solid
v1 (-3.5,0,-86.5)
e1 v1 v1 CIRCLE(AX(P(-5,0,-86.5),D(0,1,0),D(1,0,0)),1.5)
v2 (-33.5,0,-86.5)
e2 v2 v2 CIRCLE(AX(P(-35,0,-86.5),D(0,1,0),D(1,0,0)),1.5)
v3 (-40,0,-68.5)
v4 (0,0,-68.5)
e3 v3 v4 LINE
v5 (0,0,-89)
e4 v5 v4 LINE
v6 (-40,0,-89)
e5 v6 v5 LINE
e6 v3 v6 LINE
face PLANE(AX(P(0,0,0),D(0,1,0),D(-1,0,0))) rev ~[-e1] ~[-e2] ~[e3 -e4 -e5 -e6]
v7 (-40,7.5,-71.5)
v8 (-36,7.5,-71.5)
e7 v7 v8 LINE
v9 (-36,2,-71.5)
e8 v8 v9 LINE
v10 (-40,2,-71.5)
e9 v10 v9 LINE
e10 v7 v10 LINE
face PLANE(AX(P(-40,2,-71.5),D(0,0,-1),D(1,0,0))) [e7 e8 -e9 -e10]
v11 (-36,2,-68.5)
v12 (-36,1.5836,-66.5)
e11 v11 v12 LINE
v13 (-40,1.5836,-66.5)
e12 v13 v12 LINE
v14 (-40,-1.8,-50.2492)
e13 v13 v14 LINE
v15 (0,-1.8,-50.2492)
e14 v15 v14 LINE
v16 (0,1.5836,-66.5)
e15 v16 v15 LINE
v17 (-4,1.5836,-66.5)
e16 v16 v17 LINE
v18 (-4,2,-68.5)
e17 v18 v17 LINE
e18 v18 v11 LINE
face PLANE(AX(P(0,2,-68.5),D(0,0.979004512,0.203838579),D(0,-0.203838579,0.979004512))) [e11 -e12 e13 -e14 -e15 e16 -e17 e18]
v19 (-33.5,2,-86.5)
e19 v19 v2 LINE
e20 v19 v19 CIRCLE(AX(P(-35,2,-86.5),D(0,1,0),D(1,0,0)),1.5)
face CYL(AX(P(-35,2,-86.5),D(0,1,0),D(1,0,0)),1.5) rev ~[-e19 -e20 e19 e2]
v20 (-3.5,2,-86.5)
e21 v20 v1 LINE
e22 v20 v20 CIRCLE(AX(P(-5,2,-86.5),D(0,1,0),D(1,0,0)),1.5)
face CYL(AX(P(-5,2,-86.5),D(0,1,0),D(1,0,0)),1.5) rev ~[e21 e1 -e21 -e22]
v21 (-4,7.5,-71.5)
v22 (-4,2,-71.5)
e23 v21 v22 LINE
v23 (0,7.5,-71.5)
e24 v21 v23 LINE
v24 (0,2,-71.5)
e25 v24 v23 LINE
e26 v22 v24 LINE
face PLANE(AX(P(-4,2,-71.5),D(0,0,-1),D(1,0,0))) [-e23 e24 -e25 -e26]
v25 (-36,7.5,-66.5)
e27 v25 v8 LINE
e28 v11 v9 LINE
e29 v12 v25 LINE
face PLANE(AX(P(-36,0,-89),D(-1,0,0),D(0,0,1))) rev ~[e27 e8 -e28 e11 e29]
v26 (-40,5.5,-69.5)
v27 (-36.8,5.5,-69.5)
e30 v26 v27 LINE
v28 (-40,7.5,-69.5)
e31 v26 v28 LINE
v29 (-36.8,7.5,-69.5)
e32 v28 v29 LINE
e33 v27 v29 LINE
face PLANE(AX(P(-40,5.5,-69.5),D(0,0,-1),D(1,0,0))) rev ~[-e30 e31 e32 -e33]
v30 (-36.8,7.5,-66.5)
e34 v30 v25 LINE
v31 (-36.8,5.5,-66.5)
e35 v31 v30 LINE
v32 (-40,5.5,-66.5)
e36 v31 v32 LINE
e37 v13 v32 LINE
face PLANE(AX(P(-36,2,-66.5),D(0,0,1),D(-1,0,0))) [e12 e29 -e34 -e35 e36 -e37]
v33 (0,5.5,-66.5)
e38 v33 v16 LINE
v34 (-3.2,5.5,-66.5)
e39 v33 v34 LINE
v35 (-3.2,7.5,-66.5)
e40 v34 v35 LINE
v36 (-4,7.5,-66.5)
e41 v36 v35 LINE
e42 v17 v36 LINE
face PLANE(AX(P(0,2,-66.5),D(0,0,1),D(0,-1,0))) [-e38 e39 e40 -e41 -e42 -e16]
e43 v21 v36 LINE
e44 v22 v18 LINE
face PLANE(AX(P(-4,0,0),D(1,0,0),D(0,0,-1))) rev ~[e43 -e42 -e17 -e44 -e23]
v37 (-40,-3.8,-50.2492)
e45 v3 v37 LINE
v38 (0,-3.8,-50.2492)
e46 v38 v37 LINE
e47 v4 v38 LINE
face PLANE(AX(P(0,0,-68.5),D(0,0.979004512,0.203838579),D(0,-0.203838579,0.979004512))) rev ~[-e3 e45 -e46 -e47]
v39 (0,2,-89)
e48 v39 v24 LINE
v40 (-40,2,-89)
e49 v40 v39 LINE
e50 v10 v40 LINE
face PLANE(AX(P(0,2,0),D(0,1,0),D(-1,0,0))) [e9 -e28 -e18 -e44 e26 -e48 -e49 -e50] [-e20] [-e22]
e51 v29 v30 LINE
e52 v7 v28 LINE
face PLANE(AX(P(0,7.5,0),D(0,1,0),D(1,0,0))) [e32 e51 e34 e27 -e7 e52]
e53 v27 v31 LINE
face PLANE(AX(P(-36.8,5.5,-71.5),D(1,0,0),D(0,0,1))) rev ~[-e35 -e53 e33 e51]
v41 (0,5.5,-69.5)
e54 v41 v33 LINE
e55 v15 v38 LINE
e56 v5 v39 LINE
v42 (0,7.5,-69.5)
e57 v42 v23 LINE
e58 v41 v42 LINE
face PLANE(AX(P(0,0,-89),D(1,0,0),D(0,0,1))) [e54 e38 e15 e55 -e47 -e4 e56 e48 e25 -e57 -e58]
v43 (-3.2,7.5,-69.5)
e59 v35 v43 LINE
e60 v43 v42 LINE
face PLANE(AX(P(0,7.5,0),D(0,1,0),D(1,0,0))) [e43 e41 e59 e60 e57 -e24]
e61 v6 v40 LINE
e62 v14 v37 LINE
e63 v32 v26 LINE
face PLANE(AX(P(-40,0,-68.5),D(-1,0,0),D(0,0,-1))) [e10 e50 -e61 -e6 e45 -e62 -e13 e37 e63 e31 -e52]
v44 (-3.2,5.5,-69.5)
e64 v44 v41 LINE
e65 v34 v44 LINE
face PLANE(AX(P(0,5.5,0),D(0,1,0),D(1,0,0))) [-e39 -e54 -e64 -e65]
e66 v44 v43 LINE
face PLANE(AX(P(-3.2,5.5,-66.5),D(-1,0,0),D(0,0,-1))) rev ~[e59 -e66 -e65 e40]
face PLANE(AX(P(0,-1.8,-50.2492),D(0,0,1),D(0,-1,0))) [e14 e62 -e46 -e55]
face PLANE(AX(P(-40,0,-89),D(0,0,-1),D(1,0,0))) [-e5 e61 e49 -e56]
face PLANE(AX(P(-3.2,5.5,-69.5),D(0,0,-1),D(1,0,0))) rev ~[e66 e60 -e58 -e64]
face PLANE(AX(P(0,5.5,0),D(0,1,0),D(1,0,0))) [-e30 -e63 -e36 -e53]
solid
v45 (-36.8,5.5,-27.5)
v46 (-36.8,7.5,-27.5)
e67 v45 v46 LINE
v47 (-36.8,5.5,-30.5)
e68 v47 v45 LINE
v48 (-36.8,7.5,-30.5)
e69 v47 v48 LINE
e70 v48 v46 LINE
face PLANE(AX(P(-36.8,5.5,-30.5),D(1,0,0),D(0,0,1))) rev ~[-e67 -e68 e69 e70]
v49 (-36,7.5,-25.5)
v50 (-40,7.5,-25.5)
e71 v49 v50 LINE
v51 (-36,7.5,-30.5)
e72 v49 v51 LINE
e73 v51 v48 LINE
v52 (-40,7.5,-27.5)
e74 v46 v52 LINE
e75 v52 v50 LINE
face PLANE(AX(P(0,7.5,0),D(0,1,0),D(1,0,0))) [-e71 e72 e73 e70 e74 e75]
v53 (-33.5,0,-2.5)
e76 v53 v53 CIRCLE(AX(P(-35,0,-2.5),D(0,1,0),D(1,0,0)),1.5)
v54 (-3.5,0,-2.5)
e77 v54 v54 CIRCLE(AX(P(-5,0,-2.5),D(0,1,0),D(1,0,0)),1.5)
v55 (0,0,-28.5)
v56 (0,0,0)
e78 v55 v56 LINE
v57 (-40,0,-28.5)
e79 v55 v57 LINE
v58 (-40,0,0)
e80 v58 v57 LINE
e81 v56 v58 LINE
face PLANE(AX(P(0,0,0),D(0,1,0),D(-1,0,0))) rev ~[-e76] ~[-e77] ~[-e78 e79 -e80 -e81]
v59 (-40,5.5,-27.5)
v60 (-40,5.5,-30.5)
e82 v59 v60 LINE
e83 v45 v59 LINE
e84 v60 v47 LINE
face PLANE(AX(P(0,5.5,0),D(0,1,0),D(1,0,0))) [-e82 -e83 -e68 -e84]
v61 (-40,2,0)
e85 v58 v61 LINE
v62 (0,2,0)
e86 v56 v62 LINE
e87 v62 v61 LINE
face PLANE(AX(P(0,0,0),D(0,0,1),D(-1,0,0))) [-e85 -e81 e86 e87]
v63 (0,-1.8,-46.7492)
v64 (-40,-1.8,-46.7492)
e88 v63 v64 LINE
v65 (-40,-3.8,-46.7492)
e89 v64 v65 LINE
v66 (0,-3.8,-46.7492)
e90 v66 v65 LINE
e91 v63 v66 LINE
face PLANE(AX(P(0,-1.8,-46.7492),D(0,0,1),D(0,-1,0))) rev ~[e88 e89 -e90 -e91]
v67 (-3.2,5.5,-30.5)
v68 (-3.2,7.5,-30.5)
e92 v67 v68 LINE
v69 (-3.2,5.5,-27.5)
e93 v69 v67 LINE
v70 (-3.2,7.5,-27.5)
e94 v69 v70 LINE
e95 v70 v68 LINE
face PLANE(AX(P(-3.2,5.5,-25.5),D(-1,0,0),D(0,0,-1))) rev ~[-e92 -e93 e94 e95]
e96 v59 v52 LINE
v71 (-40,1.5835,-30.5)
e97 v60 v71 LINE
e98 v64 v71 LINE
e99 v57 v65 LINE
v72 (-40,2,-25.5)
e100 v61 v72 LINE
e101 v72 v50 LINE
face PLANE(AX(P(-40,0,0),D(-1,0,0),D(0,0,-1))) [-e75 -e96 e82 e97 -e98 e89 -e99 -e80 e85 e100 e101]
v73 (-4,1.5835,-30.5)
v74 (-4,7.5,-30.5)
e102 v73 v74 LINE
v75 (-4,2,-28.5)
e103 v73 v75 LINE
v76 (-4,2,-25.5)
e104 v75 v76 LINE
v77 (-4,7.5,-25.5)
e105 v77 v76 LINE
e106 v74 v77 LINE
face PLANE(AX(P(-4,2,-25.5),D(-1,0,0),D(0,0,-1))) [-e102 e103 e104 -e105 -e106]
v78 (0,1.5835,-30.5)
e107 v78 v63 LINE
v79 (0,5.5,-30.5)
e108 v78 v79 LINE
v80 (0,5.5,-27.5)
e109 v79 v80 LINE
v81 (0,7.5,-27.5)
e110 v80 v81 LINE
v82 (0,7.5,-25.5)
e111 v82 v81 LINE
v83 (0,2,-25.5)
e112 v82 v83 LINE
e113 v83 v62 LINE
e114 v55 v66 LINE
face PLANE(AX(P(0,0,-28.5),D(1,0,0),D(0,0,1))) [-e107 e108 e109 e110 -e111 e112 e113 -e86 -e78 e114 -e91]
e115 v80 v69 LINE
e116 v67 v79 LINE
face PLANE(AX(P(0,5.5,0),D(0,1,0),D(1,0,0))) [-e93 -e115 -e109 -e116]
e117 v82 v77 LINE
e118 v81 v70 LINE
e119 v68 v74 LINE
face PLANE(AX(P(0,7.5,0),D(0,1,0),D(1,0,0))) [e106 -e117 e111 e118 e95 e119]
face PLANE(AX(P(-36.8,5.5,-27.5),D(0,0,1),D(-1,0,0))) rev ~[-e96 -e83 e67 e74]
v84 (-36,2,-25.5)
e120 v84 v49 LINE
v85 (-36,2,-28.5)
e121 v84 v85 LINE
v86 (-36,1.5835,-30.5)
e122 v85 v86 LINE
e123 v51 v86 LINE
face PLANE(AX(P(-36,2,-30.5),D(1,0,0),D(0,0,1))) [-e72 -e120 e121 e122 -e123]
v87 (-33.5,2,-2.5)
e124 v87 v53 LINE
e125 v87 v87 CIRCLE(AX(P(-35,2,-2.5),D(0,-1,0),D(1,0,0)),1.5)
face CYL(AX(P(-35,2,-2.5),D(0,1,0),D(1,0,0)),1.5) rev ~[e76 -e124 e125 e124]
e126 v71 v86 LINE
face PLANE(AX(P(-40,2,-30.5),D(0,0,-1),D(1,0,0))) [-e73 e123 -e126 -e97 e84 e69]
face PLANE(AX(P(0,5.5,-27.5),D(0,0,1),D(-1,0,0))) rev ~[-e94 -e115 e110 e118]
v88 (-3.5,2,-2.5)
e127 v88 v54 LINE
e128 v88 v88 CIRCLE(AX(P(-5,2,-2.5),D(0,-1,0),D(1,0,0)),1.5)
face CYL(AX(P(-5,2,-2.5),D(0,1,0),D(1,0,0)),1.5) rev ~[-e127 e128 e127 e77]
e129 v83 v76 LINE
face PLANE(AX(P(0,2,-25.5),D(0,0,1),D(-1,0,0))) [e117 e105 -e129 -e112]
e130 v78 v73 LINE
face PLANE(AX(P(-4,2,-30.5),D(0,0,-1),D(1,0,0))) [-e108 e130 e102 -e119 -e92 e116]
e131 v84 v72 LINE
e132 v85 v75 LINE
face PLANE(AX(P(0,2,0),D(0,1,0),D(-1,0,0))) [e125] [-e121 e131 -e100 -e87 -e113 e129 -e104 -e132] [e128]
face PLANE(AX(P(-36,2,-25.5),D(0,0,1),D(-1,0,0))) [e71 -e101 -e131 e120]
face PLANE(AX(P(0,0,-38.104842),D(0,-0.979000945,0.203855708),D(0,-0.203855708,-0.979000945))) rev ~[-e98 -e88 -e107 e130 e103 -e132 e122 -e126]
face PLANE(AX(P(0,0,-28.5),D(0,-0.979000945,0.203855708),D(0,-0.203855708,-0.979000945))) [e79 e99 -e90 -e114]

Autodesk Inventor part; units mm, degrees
ref_plane "YZ Plane" through (0, 0, 0) normal (1, 0, 0) x (0, 1, 0)
ref_plane "XZ Plane" through (0, 0, 0) normal (0, 1, 0) x (-1, 0, 0)
ref_plane "XY Plane" through (0, 0, 0) normal (0, 0, 1) x (1, 0, 0)
sketch "Szkic1" plane through (0, 0, 0) normal (0, 1, 0) x (-1, 0, 0)
  line L0 (0, 0) -> (40, 0)
  line L1 (40, 0) -> (40, -28.5)
  line L2 (40, -28.5) -> (0, -28.5)
  line L3 (0, -28.5) -> (0, 0)
  line L4 (0, -68.5) -> (40, -68.5)
  line L5 (40, -68.5) -> (40, -89)
  line L6 (40, -89) -> (0, -89)
  line L7 (0, -89) -> (0, -68.5)
  line L8 (22.9187, -28.5) -> (22.9187, -68.5)
  dimension "d0" = 40
  dimension "d1" = 28.5
  dimension "d3" = 20.5
  dimension "d84" = 40
extrude "Wyciągnięcie proste1" add sketch "Szkic1" along normal blind 2
sketch "Szkic2" plane through (0, 0, 0) normal (1, 0, 0) x (0, 0, -1)
  line L0 (48.4992, 0) -> (48.4992, -3.8)
  line L1 (0, 0) -> (28.5, 0) projected
  line L2 (28.5, 0) -> (48.5, 0)
  line L3 (89, 0) -> (68.5, 0) projected
  line L4 (48.4992, -3.8) -> (50.2492, -3.8)
  line L5 (48.4992, -3.8) -> (46.7492, -3.8)
  line L6 (28.5, 0) -> (46.7492, -3.8)
  line L7 (28.5, 0) -> (28.5, 2) projected
  line L8 (28.5, 2) -> (46.7492, -1.8)
  line L9 (46.7492, -1.8) -> (46.7492, -3.8)
  line L10 (68.5, 0) -> (50.2492, -3.8)
  line L11 (68.5, 0) -> (68.5, 2) projected
  line L12 (68.5, 2) -> (50.2492, -1.8)
  line L13 (50.2492, -1.8) -> (50.2492, -3.8)
  dimension "d8" = 20
extrude "Wyciągnięcie proste2" add sketch "Szkic2" against normal blind 40 contours L13 L12 L11 L10 | L8 L9 L6 L2 | L2 L7 L8
sketch "Szkic3" plane through (0, 2, 0) normal (0, 1, 0) x (1, 0, 0)
  line L0 (-40, 46.7492) -> (-40, 28.5) projected
  line L1 (-40, 28.5) -> (-36, 28.5)
  line L2 (-36, 28.5) -> (-36, 25.5)
  line L3 (-36, 25.5) -> (-40, 25.5)
  line L4 (-40, 25.5) -> (-40, 28.5)
  line L5 (-36, 28.5) -> (-40, 28.5)
  line L6 (-40, 28.5) -> (-40, 30.5)
  line L7 (-40, 30.5) -> (-36, 30.5)
  line L8 (-36, 30.5) -> (-36, 28.5)
  line L9 (-36, 71.5) -> (-36, 69.5)
  line L10 (-40, 71.5) -> (-36, 71.5)
  line L11 (-40, 69.5) -> (-40, 71.5)
  line L12 (-40, 66.5) -> (-40, 69.5)
  line L13 (-36, 66.5) -> (-40, 66.5)
  line L14 (-36, 69.5) -> (-36, 66.5)
  line L15 (0, 28.5) -> (0, 25.5)
  line L16 (0, 30.5) -> (0, 28.5)
  line L17 (-4, 30.5) -> (0, 30.5)
  line L18 (-4, 28.5) -> (-4, 30.5)
  line L19 (-4, 25.5) -> (-4, 28.5)
  line L20 (0, 25.5) -> (-4, 25.5)
  line L21 (-4, 71.5) -> (0, 71.5)
  line L22 (-4, 69.5) -> (-4, 71.5)
  line L23 (-4, 66.5) -> (-4, 69.5)
  line L24 (0, 69.5) -> (0, 66.5)
  line L25 (0, 71.5) -> (0, 69.5)
  line L26 (0, 66.5) -> (-4, 66.5)
  point P0 (0, 0)
  dimension "d13" = 4
  dimension "d14" = 3
  dimension "d15" = 2
  dimension "d18" = 41
  dimension "d25" = 36
  dimension "d32" = 36
extrude "Wyciągnięcie proste3" add sketch "Szkic3" along normal blind 3.5
sketch "Szkic5" plane through (-40, 0, -89) normal (-1, 0, 0) x (0, 0, 1)
  line L0 (22.5, 2) -> (20.5, 2) projected
  line L1 (22.5, 2) -> (20.5, 2)
  line L2 (20.5, 2) -> (22.5, 1.5836)
  line L3 (38.7508, -1.8) -> (20.5, 2) projected
  line L4 (20.5, 2) -> (22.5, 2) projected
  line L5 (22.5, 2) -> (22.5, 1.5836)
  line L6 (58.5, 2) -> (60.5, 2) projected
  line L7 (60.5, 2) -> (42.2508, -1.8) projected
  line L8 (60.5, 2) -> (58.5, 2)
  line L9 (58.5, 1.5835) -> (58.5, 2)
  line L10 (58.5, 1.5835) -> (60.5, 2)
  point P0 (89, 0)
extrude "Wyciągnięcie proste5" add sketch "Szkic5" against normal blind 4
sketch "Szkic6" plane through (0, 5.5, 0) normal (0, 1, 0) x (1, 0, 0)
  line L0 (-36, 25.5) -> (-36, 30.5) projected
  line L1 (-36, 25.5) -> (-40, 25.5) projected
  line L2 (-36, 30.5) -> (-36.8, 30.5)
  line L3 (-36.8, 30.5) -> (-36.8, 25.5)
  line L4 (-36.8, 25.5) -> (-36, 25.5)
  line L5 (-36, 25.5) -> (-36, 30.5)
  line L6 (-36, 66.5) -> (-36, 71.5)
  line L7 (-36.8, 71.5) -> (-36.8, 66.5)
  line L8 (-36.8, 66.5) -> (-36, 66.5)
  line L9 (-36, 71.5) -> (-36.8, 71.5)
  line L10 (-4, 30.5) -> (-4, 25.5)
  line L11 (-3.2, 25.5) -> (-3.2, 30.5)
  line L12 (-3.2, 30.5) -> (-4, 30.5)
  line L13 (-4, 25.5) -> (-3.2, 25.5)
  line L14 (-4, 71.5) -> (-4, 66.5)
  line L15 (-3.2, 66.5) -> (-3.2, 71.5)
  line L16 (-3.2, 71.5) -> (-4, 71.5)
  line L17 (-4, 66.5) -> (-3.2, 66.5)
  point P0 (0, 0)
  dimension "d43" = 0.8
  dimension "d48" = 41
  dimension "d55" = 32.8
extrude "Wyciągnięcie proste6" add sketch "Szkic6" along normal blind 2
sketch "Szkic7" plane through (0, 5.5, 0) normal (0, 1, 0) x (1, 0, 0)
  line L0 (-40, 25.5) -> (-40, 0) projected
  line L1 (-36.8, 30.5) -> (-36.8, 25.5) projected
  line L2 (-40, 25.5) -> (-36.8, 25.5)
  line L3 (-36.8, 25.5) -> (-36.8, 27.5)
  line L4 (-36.8, 27.5) -> (-40, 27.5)
  line L5 (-40, 27.5) -> (-40, 25.5)
  line L6 (-36.8, 71.5) -> (-40, 71.5)
  line L7 (-40, 71.5) -> (-40, 69.5)
  line L8 (-40, 69.5) -> (-36.8, 69.5)
  line L9 (-36.8, 69.5) -> (-36.8, 71.5)
  line L10 (-3.2, 71.5) -> (-3.2, 69.5)
  line L11 (-3.2, 69.5) -> (0, 69.5)
  line L12 (0, 69.5) -> (0, 71.5)
  line L13 (0, 71.5) -> (-3.2, 71.5)
  line L14 (-3.2, 25.5) -> (0, 25.5)
  line L15 (-3.2, 27.5) -> (-3.2, 25.5)
  line L16 (0, 27.5) -> (-3.2, 27.5)
  line L17 (0, 25.5) -> (0, 27.5)
  point P0 (0, 0)
  dimension "d60" = 2
  dimension "d63" = 44
  dimension "d70" = 36.8
  dimension "d77" = 44
extrude "Wyciągnięcie proste7" add sketch "Szkic7" along normal blind 2
sketch "Szkic8" plane through (0, 0, 0) normal (1, 0, 0) x (0, 0, -1)
  line L0 (28.5, 2) -> (30.5, 2) projected
  line L1 (28.5, 2) -> (30.5, 2)
  line L2 (30.5, 2) -> (30.5, 1.5835)
  line L3 (46.7492, -1.8) -> (28.5, 2) projected
  line L4 (28.5, 2) -> (30.5, 1.5835)
  line L5 (66.5, 2) -> (68.5, 2) projected
  line L6 (66.5, 2) -> (68.5, 2)
  line L7 (68.5, 2) -> (50.2492, -1.8) projected
  line L8 (66.5, 2) -> (66.5, 1.5836)
  line L9 (66.5, 1.5836) -> (68.5, 2)
  point P0 (0, 0)
extrude "Wyciągnięcie proste8" add sketch "Szkic8" against normal blind 4
sketch "Szkic9" plane through (0, 2, 0) normal (0, 1, 0) x (1, 0, 0)
  line L0 (0, 0) -> (0, 25.5) projected
  line L1 (0, 2.5) -> (-5, 2.5)
  line L2 (-40, 0) -> (0, 0) projected
  line L3 (-5, 0) -> (-5, 2.5)
  line L4 (-40, 2.5) -> (-35, 2.5)
  line L5 (-35, 0) -> (-35, 2.5)
  circle A0 centre (-35, 2.5) radius 1.5
  circle A1 centre (-5, 2.5) radius 1.5
  circle A2 centre (-5, 86.5) radius 1.5
  circle A3 centre (-35, 86.5) radius 1.5
  dimension "d87" = 5
  dimension "d88" = 2.5
  dimension "d89" = 5
  dimension "d91" = 2.5
  dimension "d92" = 3
  dimension "d93" = 3
  dimension "d96" = 84
extrude "Wyciągnięcie proste9" cut sketch "Szkic9" against normal blind 3 contours A0 L4 L5 | L5 L4 A0 | A1 L3 L1 | L1 L3 A1 | A2 | A3
equation "\"d101\" = d93"
properties part number "air_duct_inside"
